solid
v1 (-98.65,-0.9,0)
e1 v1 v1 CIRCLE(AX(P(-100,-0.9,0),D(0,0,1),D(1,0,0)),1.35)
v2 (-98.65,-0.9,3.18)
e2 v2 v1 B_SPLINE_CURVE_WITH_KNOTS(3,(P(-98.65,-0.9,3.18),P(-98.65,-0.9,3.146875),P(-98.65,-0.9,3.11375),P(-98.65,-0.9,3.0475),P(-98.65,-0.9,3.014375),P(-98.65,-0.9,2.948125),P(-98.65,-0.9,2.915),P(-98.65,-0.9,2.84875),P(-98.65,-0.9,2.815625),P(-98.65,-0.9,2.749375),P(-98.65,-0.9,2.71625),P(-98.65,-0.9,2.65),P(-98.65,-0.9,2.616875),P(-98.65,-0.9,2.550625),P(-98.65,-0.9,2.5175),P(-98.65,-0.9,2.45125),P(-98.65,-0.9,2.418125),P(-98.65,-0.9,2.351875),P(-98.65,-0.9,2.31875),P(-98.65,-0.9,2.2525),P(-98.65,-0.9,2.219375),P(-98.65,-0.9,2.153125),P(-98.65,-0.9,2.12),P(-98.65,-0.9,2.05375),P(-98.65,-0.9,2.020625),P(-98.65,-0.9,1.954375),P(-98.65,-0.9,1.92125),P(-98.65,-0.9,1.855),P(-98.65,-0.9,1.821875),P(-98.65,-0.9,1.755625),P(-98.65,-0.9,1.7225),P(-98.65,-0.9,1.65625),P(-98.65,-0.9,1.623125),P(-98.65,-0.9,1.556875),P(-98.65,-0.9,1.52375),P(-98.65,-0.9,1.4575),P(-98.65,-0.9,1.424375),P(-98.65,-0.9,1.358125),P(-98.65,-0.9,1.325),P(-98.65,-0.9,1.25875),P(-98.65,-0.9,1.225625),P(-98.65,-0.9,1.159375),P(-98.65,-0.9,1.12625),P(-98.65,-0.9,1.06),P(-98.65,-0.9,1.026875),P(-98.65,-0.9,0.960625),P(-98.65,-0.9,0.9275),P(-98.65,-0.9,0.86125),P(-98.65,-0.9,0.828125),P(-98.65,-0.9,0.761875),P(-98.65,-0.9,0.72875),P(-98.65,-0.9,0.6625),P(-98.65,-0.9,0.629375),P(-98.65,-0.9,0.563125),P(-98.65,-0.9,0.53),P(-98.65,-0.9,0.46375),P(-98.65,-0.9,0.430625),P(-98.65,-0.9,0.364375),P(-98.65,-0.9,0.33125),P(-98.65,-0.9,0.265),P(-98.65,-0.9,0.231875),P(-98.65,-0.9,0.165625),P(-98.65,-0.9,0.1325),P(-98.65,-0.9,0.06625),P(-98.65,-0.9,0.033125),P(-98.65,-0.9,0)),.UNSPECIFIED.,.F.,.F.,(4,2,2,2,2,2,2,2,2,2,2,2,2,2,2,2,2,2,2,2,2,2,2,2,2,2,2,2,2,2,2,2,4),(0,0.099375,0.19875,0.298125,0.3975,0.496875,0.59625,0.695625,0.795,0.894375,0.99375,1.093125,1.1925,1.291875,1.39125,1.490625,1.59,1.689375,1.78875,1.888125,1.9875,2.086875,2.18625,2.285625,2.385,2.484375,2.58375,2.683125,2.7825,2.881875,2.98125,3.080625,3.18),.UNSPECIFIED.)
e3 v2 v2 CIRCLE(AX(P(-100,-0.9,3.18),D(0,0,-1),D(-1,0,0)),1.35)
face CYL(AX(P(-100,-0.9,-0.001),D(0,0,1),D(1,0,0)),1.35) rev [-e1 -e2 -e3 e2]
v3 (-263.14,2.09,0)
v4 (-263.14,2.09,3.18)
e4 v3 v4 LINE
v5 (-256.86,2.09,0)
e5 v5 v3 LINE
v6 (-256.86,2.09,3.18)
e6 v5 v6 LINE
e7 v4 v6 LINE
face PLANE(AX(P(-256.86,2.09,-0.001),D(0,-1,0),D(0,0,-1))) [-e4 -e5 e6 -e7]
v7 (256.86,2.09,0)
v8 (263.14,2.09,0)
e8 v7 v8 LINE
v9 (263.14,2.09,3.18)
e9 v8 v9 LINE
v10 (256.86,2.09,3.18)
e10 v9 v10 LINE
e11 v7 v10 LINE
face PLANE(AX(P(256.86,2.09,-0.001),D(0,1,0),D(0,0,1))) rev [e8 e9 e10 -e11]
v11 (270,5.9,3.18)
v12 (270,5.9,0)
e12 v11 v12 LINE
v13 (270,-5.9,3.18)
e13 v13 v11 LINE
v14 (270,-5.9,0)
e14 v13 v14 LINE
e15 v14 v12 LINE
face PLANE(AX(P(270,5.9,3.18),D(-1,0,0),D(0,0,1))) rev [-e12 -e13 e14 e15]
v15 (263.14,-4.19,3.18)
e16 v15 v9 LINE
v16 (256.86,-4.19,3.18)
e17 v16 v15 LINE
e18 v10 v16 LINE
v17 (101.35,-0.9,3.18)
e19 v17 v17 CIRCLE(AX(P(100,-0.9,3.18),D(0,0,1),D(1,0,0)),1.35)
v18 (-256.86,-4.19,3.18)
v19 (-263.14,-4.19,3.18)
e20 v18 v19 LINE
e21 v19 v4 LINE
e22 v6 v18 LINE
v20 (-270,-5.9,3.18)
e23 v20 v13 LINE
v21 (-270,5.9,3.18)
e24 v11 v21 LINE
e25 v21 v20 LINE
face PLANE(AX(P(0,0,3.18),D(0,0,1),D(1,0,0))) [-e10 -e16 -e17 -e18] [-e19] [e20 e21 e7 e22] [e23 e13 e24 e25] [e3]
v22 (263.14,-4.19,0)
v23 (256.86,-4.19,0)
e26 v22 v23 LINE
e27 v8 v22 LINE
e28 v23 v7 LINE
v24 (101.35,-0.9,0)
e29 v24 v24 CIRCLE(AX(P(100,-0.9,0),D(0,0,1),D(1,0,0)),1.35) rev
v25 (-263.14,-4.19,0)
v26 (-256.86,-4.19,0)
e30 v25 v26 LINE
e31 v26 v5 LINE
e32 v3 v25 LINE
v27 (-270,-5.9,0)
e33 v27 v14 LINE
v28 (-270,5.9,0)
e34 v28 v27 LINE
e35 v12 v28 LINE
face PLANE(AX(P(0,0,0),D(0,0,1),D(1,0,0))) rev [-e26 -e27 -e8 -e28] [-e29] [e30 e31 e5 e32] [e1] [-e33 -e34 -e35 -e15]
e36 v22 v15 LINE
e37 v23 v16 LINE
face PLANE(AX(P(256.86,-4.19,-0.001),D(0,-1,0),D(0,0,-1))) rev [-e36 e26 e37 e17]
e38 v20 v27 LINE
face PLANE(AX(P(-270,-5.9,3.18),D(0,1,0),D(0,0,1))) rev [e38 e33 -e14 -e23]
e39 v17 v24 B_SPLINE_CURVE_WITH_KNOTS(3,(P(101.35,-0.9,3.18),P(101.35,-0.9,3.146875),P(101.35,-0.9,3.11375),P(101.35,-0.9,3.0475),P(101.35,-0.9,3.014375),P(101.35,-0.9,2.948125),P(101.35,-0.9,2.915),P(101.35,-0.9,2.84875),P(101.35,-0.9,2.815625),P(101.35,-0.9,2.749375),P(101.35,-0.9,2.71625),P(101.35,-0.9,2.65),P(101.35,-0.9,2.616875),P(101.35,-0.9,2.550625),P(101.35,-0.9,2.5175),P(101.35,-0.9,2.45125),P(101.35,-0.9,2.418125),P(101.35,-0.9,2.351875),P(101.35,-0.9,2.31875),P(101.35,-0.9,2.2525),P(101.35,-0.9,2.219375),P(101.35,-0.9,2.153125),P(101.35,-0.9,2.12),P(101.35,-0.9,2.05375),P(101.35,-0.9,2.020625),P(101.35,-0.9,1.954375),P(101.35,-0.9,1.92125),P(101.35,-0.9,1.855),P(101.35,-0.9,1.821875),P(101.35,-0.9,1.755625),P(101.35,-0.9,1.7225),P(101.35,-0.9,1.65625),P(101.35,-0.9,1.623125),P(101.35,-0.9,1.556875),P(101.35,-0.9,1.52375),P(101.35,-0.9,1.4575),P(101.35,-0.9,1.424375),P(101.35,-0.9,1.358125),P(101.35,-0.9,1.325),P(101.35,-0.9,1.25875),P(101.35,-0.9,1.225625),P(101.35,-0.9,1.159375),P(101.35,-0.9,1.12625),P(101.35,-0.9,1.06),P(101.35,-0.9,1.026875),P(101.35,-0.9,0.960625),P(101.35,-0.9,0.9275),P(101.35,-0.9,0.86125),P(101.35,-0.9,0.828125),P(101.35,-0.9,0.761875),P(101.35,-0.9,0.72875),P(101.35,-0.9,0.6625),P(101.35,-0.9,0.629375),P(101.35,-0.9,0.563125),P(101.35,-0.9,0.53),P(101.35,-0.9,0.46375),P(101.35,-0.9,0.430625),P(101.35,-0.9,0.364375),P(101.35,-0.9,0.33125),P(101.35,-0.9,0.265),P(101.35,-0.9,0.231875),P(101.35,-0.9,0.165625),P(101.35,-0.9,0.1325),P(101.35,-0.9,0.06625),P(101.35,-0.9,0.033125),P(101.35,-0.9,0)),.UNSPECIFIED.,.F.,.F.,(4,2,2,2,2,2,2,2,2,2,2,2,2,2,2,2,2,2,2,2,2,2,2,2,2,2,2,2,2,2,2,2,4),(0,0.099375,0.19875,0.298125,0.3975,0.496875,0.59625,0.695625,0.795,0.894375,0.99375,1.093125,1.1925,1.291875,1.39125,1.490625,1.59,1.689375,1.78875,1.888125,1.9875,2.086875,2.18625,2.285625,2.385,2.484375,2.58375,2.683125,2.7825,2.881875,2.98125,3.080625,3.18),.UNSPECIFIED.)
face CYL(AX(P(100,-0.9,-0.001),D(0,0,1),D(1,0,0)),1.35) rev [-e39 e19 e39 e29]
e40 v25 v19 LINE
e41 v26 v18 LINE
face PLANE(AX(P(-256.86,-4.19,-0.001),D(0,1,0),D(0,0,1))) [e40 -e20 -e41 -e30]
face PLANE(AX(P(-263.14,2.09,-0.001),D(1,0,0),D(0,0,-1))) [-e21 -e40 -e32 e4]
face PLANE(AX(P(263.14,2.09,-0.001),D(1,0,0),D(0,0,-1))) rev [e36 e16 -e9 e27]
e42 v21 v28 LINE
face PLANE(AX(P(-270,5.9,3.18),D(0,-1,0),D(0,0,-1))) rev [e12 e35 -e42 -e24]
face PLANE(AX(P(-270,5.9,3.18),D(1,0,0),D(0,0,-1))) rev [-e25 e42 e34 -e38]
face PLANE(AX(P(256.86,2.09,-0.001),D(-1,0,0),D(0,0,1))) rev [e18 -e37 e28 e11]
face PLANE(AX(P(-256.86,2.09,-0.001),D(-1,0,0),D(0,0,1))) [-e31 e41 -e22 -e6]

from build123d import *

# Parameters (mm, degrees)
SKETCH1_W           = 540
SKETCH1_H           = 11.8
BOSS_EXTRUDE1_DEPTH = 3.18
CUT_EXTRUDE1_REACH  = 272.083
SKETCH2_W           = 6.28
SKETCH2_H           = 6.28
CUT_EXTRUDE2_REACH  = 272.083
SKETCH3_R           = 1.35


with BuildPart() as part:
    # Sketch1 → Boss-Extrude1 (new body)
    with BuildSketch(Plane.XY):
        Rectangle(SKETCH1_W, SKETCH1_H)
    extrude(amount=BOSS_EXTRUDE1_DEPTH)

    # Sketch2 → Cut-Extrude1 (cut, up to next)
    with BuildSketch(Plane.XY.offset(3.18), mode=Mode.PRIVATE) as cut_extrude1_sk1:
        with Locations((260, -1.05)):
            Rectangle(SKETCH2_W, SKETCH2_H)
    cut_extrude1_tool1 = extrude(cut_extrude1_sk1.sketch, amount=-CUT_EXTRUDE1_REACH, mode=Mode.PRIVATE) & part.part
    cut_extrude1 = cut_extrude1_tool1.solids().sort_by_distance((260, -1.05, 3.18))[0]
    add(cut_extrude1, mode=Mode.SUBTRACT)

    # Mirror1: Cut-Extrude1 across plane
    add(cut_extrude1.mirror(Plane(origin=(0, 0, 0), x_dir=(0, 0, 1), z_dir=(1, 0, 0))), mode=Mode.SUBTRACT)

    # Sketch3 → Cut-Extrude2 (cut, up to next)
    with BuildSketch(Plane.XY.offset(3.18), mode=Mode.PRIVATE) as cut_extrude2_sk1:
        with Locations((100, -0.9)):
            Circle(SKETCH3_R)
    cut_extrude2_tool1 = extrude(cut_extrude2_sk1.sketch, amount=-CUT_EXTRUDE2_REACH, mode=Mode.PRIVATE) & part.part
    cut_extrude2 = cut_extrude2_tool1.solids().sort_by_distance((100, -0.9, 3.18))[0]
    add(cut_extrude2, mode=Mode.SUBTRACT)

    # Mirror2: Cut-Extrude2 across plane
    add(cut_extrude2.mirror(Plane(origin=(0, 0, 0), x_dir=(0, 0, 1), z_dir=(1, 0, 0))), mode=Mode.SUBTRACT)


solid = part.part
